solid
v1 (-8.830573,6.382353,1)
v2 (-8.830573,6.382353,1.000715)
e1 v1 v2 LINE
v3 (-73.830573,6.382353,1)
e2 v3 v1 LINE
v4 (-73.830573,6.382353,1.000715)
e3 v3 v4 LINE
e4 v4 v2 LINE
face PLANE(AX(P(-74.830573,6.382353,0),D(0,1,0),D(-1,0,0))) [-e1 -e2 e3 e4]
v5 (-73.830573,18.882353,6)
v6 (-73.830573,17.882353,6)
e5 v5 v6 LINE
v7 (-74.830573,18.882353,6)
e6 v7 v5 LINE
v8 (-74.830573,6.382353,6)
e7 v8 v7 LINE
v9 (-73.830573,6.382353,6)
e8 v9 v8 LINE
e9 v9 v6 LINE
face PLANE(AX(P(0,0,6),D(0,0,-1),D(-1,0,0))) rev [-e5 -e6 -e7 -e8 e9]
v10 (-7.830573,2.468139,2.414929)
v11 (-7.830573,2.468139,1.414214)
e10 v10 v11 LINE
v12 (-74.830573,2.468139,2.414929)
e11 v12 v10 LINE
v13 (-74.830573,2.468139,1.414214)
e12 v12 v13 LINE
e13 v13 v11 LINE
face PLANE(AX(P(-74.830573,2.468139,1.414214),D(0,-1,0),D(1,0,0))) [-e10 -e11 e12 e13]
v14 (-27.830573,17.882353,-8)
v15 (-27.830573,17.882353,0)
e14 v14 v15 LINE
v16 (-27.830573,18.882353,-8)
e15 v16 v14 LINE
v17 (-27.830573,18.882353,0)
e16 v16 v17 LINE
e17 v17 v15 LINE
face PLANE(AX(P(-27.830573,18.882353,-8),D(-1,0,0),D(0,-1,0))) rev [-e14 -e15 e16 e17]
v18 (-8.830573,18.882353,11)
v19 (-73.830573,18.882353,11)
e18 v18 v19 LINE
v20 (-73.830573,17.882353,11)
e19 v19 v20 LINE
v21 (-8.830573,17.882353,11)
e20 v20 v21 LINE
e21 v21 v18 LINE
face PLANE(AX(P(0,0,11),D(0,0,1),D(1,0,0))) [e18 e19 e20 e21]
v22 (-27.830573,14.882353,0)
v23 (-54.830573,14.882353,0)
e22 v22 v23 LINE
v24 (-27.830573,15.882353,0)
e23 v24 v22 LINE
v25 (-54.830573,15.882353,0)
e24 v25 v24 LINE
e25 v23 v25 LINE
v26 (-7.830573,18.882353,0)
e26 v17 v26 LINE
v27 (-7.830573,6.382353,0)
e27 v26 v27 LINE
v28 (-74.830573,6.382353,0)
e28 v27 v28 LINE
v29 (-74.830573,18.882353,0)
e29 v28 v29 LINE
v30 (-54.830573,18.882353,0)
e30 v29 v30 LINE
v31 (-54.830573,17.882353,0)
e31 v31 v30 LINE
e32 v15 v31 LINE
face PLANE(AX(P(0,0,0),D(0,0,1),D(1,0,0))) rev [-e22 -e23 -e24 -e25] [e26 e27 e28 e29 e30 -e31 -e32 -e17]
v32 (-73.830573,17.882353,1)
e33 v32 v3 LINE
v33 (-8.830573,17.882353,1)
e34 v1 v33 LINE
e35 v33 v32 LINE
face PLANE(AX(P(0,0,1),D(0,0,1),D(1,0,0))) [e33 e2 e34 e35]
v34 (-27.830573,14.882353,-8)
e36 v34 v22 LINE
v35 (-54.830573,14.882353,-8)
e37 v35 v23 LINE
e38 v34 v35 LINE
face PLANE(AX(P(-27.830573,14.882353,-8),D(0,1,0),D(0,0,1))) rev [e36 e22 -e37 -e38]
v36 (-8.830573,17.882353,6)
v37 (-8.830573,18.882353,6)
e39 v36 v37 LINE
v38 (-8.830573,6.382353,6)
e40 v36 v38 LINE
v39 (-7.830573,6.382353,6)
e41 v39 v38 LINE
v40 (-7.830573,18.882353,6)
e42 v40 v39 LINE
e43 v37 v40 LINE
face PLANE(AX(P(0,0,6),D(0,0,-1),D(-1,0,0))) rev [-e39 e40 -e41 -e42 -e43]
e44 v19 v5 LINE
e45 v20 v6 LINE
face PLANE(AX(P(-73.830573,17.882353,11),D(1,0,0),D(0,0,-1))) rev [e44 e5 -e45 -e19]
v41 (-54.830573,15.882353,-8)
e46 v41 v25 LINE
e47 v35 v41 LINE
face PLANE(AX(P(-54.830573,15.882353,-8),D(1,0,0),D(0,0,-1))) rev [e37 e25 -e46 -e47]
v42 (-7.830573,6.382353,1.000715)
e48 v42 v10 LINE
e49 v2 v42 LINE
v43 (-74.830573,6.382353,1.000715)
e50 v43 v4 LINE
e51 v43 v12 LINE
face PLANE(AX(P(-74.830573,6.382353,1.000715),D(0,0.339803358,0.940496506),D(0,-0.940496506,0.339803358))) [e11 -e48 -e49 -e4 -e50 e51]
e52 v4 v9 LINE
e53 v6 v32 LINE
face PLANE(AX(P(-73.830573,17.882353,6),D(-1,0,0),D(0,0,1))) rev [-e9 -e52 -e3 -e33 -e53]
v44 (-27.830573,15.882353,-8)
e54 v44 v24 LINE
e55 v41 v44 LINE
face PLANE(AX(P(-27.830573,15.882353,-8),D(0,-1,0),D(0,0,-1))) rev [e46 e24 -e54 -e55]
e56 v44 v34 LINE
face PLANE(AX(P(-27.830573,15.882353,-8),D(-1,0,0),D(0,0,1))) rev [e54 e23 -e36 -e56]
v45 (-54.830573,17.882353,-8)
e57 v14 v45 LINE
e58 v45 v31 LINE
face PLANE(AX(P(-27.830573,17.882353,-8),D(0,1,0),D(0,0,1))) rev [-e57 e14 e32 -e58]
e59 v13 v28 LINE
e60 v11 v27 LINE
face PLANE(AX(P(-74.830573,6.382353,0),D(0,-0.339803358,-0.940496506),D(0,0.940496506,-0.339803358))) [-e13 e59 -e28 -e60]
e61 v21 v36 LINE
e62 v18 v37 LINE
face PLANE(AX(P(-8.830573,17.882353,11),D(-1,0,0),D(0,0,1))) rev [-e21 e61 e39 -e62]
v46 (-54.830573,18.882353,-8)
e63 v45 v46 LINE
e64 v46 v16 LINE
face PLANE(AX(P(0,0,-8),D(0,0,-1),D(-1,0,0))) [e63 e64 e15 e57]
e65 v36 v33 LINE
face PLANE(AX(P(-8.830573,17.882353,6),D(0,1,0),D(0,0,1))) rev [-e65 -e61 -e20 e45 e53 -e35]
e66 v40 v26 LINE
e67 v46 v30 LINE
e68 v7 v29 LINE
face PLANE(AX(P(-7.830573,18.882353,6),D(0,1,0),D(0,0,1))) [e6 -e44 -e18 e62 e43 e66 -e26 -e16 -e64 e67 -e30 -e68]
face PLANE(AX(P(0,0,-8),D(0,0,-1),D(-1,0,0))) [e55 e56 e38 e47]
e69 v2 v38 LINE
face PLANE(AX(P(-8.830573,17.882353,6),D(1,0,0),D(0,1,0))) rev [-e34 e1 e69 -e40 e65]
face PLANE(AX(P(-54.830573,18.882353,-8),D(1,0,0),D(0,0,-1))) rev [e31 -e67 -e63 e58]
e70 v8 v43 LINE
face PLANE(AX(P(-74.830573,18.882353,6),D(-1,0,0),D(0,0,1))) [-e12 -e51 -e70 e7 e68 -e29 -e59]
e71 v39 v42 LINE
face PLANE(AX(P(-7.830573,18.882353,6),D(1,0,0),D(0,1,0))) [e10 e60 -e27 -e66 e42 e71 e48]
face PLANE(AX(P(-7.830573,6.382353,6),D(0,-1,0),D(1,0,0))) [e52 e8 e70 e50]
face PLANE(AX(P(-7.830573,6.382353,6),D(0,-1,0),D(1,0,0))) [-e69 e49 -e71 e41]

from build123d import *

# Parameters (mm, degrees)
CROQUIS1_W              = 65
CROQUIS1_H              = 10.5
SALIENTE_EXTRUIR1_DEPTH = 1
CROQUIS5_W              = 67
CROQUIS5_H              = 12.5
CROQUIS5_W_2            = 65
CROQUIS5_H_2            = 10.5
SALIENTE_EXTRUIR3_DEPTH = 6
CROQUIS6_W              = 27
CROQUIS6_H              = 1
SALIENTE_EXTRUIR4_DEPTH = 8
CROQUIS7_W              = 65
CROQUIS7_H              = 1
CORTAR_EXTRUIR1_DEPTH   = 5
SALIENTE_EXTRUIR5_DEPTH = 67
CROQUIS9_W              = 65
CROQUIS9_H              = 1
SALIENTE_EXTRUIR6_DEPTH = 5


with BuildPart() as part:
    # Croquis1 → Saliente-Extruir1 (new body)
    with BuildSketch(Plane.XY):
        with Locations((-41.330573237, 12.632352941)):
            Rectangle(CROQUIS1_W, CROQUIS1_H)
    extrude(amount=SALIENTE_EXTRUIR1_DEPTH)

    # Croquis5 → Saliente-Extruir3 (add)
    with BuildSketch(Plane(origin=(0, 0, 0), x_dir=(-1, 0, 0), z_dir=(0, 0, -1))):
        with Locations((41.330573237, 12.632352941)):
            Rectangle(CROQUIS5_W, CROQUIS5_H)
        with Locations((41.330573237, 12.632352941)):
            Rectangle(CROQUIS5_W_2, CROQUIS5_H_2, mode=Mode.SUBTRACT)
    extrude(amount=-SALIENTE_EXTRUIR3_DEPTH)

    # Croquis6 → Saliente-Extruir4 (add)
    with BuildSketch(Plane(origin=(0, 0, 0), x_dir=(-1, 0, 0), z_dir=(0, 0, -1))):
        with Locations((41.330573237, 18.382352941)):
            Rectangle(CROQUIS6_W, CROQUIS6_H)
        with Locations((41.330573237, 15.382352941)):
            Rectangle(CROQUIS6_W, CROQUIS6_H)
    extrude(amount=SALIENTE_EXTRUIR4_DEPTH)

    # Croquis7 → Cortar-Extruir1 (cut)
    with BuildSketch(Plane.XY.offset(6)):
        with Locations((-41.330573237, 6.882352941)):
            Rectangle(CROQUIS7_W, CROQUIS7_H)
    extrude(amount=-CORTAR_EXTRUIR1_DEPTH, mode=Mode.SUBTRACT)

    # Croquis8 → Saliente-Extruir5 (add)
    with BuildSketch(Plane(origin=(-7.830573237, 0, 0), x_dir=(0, 0, -1), z_dir=(1, 0, 0))):
        Polygon((0, 6.382352941), (-1.000715145, 6.382352941), (-2.414928707, 2.468139379), (-1.414213562, 2.468139379), align=None)
    extrude(amount=-SALIENTE_EXTRUIR5_DEPTH)

    # Croquis9 → Saliente-Extruir6 (add)
    with BuildSketch(Plane.XY.offset(6)):
        with Locations((-41.330573237, 18.382352941)):
            Rectangle(CROQUIS9_W, CROQUIS9_H)
    extrude(amount=SALIENTE_EXTRUIR6_DEPTH)


solid = part.part
